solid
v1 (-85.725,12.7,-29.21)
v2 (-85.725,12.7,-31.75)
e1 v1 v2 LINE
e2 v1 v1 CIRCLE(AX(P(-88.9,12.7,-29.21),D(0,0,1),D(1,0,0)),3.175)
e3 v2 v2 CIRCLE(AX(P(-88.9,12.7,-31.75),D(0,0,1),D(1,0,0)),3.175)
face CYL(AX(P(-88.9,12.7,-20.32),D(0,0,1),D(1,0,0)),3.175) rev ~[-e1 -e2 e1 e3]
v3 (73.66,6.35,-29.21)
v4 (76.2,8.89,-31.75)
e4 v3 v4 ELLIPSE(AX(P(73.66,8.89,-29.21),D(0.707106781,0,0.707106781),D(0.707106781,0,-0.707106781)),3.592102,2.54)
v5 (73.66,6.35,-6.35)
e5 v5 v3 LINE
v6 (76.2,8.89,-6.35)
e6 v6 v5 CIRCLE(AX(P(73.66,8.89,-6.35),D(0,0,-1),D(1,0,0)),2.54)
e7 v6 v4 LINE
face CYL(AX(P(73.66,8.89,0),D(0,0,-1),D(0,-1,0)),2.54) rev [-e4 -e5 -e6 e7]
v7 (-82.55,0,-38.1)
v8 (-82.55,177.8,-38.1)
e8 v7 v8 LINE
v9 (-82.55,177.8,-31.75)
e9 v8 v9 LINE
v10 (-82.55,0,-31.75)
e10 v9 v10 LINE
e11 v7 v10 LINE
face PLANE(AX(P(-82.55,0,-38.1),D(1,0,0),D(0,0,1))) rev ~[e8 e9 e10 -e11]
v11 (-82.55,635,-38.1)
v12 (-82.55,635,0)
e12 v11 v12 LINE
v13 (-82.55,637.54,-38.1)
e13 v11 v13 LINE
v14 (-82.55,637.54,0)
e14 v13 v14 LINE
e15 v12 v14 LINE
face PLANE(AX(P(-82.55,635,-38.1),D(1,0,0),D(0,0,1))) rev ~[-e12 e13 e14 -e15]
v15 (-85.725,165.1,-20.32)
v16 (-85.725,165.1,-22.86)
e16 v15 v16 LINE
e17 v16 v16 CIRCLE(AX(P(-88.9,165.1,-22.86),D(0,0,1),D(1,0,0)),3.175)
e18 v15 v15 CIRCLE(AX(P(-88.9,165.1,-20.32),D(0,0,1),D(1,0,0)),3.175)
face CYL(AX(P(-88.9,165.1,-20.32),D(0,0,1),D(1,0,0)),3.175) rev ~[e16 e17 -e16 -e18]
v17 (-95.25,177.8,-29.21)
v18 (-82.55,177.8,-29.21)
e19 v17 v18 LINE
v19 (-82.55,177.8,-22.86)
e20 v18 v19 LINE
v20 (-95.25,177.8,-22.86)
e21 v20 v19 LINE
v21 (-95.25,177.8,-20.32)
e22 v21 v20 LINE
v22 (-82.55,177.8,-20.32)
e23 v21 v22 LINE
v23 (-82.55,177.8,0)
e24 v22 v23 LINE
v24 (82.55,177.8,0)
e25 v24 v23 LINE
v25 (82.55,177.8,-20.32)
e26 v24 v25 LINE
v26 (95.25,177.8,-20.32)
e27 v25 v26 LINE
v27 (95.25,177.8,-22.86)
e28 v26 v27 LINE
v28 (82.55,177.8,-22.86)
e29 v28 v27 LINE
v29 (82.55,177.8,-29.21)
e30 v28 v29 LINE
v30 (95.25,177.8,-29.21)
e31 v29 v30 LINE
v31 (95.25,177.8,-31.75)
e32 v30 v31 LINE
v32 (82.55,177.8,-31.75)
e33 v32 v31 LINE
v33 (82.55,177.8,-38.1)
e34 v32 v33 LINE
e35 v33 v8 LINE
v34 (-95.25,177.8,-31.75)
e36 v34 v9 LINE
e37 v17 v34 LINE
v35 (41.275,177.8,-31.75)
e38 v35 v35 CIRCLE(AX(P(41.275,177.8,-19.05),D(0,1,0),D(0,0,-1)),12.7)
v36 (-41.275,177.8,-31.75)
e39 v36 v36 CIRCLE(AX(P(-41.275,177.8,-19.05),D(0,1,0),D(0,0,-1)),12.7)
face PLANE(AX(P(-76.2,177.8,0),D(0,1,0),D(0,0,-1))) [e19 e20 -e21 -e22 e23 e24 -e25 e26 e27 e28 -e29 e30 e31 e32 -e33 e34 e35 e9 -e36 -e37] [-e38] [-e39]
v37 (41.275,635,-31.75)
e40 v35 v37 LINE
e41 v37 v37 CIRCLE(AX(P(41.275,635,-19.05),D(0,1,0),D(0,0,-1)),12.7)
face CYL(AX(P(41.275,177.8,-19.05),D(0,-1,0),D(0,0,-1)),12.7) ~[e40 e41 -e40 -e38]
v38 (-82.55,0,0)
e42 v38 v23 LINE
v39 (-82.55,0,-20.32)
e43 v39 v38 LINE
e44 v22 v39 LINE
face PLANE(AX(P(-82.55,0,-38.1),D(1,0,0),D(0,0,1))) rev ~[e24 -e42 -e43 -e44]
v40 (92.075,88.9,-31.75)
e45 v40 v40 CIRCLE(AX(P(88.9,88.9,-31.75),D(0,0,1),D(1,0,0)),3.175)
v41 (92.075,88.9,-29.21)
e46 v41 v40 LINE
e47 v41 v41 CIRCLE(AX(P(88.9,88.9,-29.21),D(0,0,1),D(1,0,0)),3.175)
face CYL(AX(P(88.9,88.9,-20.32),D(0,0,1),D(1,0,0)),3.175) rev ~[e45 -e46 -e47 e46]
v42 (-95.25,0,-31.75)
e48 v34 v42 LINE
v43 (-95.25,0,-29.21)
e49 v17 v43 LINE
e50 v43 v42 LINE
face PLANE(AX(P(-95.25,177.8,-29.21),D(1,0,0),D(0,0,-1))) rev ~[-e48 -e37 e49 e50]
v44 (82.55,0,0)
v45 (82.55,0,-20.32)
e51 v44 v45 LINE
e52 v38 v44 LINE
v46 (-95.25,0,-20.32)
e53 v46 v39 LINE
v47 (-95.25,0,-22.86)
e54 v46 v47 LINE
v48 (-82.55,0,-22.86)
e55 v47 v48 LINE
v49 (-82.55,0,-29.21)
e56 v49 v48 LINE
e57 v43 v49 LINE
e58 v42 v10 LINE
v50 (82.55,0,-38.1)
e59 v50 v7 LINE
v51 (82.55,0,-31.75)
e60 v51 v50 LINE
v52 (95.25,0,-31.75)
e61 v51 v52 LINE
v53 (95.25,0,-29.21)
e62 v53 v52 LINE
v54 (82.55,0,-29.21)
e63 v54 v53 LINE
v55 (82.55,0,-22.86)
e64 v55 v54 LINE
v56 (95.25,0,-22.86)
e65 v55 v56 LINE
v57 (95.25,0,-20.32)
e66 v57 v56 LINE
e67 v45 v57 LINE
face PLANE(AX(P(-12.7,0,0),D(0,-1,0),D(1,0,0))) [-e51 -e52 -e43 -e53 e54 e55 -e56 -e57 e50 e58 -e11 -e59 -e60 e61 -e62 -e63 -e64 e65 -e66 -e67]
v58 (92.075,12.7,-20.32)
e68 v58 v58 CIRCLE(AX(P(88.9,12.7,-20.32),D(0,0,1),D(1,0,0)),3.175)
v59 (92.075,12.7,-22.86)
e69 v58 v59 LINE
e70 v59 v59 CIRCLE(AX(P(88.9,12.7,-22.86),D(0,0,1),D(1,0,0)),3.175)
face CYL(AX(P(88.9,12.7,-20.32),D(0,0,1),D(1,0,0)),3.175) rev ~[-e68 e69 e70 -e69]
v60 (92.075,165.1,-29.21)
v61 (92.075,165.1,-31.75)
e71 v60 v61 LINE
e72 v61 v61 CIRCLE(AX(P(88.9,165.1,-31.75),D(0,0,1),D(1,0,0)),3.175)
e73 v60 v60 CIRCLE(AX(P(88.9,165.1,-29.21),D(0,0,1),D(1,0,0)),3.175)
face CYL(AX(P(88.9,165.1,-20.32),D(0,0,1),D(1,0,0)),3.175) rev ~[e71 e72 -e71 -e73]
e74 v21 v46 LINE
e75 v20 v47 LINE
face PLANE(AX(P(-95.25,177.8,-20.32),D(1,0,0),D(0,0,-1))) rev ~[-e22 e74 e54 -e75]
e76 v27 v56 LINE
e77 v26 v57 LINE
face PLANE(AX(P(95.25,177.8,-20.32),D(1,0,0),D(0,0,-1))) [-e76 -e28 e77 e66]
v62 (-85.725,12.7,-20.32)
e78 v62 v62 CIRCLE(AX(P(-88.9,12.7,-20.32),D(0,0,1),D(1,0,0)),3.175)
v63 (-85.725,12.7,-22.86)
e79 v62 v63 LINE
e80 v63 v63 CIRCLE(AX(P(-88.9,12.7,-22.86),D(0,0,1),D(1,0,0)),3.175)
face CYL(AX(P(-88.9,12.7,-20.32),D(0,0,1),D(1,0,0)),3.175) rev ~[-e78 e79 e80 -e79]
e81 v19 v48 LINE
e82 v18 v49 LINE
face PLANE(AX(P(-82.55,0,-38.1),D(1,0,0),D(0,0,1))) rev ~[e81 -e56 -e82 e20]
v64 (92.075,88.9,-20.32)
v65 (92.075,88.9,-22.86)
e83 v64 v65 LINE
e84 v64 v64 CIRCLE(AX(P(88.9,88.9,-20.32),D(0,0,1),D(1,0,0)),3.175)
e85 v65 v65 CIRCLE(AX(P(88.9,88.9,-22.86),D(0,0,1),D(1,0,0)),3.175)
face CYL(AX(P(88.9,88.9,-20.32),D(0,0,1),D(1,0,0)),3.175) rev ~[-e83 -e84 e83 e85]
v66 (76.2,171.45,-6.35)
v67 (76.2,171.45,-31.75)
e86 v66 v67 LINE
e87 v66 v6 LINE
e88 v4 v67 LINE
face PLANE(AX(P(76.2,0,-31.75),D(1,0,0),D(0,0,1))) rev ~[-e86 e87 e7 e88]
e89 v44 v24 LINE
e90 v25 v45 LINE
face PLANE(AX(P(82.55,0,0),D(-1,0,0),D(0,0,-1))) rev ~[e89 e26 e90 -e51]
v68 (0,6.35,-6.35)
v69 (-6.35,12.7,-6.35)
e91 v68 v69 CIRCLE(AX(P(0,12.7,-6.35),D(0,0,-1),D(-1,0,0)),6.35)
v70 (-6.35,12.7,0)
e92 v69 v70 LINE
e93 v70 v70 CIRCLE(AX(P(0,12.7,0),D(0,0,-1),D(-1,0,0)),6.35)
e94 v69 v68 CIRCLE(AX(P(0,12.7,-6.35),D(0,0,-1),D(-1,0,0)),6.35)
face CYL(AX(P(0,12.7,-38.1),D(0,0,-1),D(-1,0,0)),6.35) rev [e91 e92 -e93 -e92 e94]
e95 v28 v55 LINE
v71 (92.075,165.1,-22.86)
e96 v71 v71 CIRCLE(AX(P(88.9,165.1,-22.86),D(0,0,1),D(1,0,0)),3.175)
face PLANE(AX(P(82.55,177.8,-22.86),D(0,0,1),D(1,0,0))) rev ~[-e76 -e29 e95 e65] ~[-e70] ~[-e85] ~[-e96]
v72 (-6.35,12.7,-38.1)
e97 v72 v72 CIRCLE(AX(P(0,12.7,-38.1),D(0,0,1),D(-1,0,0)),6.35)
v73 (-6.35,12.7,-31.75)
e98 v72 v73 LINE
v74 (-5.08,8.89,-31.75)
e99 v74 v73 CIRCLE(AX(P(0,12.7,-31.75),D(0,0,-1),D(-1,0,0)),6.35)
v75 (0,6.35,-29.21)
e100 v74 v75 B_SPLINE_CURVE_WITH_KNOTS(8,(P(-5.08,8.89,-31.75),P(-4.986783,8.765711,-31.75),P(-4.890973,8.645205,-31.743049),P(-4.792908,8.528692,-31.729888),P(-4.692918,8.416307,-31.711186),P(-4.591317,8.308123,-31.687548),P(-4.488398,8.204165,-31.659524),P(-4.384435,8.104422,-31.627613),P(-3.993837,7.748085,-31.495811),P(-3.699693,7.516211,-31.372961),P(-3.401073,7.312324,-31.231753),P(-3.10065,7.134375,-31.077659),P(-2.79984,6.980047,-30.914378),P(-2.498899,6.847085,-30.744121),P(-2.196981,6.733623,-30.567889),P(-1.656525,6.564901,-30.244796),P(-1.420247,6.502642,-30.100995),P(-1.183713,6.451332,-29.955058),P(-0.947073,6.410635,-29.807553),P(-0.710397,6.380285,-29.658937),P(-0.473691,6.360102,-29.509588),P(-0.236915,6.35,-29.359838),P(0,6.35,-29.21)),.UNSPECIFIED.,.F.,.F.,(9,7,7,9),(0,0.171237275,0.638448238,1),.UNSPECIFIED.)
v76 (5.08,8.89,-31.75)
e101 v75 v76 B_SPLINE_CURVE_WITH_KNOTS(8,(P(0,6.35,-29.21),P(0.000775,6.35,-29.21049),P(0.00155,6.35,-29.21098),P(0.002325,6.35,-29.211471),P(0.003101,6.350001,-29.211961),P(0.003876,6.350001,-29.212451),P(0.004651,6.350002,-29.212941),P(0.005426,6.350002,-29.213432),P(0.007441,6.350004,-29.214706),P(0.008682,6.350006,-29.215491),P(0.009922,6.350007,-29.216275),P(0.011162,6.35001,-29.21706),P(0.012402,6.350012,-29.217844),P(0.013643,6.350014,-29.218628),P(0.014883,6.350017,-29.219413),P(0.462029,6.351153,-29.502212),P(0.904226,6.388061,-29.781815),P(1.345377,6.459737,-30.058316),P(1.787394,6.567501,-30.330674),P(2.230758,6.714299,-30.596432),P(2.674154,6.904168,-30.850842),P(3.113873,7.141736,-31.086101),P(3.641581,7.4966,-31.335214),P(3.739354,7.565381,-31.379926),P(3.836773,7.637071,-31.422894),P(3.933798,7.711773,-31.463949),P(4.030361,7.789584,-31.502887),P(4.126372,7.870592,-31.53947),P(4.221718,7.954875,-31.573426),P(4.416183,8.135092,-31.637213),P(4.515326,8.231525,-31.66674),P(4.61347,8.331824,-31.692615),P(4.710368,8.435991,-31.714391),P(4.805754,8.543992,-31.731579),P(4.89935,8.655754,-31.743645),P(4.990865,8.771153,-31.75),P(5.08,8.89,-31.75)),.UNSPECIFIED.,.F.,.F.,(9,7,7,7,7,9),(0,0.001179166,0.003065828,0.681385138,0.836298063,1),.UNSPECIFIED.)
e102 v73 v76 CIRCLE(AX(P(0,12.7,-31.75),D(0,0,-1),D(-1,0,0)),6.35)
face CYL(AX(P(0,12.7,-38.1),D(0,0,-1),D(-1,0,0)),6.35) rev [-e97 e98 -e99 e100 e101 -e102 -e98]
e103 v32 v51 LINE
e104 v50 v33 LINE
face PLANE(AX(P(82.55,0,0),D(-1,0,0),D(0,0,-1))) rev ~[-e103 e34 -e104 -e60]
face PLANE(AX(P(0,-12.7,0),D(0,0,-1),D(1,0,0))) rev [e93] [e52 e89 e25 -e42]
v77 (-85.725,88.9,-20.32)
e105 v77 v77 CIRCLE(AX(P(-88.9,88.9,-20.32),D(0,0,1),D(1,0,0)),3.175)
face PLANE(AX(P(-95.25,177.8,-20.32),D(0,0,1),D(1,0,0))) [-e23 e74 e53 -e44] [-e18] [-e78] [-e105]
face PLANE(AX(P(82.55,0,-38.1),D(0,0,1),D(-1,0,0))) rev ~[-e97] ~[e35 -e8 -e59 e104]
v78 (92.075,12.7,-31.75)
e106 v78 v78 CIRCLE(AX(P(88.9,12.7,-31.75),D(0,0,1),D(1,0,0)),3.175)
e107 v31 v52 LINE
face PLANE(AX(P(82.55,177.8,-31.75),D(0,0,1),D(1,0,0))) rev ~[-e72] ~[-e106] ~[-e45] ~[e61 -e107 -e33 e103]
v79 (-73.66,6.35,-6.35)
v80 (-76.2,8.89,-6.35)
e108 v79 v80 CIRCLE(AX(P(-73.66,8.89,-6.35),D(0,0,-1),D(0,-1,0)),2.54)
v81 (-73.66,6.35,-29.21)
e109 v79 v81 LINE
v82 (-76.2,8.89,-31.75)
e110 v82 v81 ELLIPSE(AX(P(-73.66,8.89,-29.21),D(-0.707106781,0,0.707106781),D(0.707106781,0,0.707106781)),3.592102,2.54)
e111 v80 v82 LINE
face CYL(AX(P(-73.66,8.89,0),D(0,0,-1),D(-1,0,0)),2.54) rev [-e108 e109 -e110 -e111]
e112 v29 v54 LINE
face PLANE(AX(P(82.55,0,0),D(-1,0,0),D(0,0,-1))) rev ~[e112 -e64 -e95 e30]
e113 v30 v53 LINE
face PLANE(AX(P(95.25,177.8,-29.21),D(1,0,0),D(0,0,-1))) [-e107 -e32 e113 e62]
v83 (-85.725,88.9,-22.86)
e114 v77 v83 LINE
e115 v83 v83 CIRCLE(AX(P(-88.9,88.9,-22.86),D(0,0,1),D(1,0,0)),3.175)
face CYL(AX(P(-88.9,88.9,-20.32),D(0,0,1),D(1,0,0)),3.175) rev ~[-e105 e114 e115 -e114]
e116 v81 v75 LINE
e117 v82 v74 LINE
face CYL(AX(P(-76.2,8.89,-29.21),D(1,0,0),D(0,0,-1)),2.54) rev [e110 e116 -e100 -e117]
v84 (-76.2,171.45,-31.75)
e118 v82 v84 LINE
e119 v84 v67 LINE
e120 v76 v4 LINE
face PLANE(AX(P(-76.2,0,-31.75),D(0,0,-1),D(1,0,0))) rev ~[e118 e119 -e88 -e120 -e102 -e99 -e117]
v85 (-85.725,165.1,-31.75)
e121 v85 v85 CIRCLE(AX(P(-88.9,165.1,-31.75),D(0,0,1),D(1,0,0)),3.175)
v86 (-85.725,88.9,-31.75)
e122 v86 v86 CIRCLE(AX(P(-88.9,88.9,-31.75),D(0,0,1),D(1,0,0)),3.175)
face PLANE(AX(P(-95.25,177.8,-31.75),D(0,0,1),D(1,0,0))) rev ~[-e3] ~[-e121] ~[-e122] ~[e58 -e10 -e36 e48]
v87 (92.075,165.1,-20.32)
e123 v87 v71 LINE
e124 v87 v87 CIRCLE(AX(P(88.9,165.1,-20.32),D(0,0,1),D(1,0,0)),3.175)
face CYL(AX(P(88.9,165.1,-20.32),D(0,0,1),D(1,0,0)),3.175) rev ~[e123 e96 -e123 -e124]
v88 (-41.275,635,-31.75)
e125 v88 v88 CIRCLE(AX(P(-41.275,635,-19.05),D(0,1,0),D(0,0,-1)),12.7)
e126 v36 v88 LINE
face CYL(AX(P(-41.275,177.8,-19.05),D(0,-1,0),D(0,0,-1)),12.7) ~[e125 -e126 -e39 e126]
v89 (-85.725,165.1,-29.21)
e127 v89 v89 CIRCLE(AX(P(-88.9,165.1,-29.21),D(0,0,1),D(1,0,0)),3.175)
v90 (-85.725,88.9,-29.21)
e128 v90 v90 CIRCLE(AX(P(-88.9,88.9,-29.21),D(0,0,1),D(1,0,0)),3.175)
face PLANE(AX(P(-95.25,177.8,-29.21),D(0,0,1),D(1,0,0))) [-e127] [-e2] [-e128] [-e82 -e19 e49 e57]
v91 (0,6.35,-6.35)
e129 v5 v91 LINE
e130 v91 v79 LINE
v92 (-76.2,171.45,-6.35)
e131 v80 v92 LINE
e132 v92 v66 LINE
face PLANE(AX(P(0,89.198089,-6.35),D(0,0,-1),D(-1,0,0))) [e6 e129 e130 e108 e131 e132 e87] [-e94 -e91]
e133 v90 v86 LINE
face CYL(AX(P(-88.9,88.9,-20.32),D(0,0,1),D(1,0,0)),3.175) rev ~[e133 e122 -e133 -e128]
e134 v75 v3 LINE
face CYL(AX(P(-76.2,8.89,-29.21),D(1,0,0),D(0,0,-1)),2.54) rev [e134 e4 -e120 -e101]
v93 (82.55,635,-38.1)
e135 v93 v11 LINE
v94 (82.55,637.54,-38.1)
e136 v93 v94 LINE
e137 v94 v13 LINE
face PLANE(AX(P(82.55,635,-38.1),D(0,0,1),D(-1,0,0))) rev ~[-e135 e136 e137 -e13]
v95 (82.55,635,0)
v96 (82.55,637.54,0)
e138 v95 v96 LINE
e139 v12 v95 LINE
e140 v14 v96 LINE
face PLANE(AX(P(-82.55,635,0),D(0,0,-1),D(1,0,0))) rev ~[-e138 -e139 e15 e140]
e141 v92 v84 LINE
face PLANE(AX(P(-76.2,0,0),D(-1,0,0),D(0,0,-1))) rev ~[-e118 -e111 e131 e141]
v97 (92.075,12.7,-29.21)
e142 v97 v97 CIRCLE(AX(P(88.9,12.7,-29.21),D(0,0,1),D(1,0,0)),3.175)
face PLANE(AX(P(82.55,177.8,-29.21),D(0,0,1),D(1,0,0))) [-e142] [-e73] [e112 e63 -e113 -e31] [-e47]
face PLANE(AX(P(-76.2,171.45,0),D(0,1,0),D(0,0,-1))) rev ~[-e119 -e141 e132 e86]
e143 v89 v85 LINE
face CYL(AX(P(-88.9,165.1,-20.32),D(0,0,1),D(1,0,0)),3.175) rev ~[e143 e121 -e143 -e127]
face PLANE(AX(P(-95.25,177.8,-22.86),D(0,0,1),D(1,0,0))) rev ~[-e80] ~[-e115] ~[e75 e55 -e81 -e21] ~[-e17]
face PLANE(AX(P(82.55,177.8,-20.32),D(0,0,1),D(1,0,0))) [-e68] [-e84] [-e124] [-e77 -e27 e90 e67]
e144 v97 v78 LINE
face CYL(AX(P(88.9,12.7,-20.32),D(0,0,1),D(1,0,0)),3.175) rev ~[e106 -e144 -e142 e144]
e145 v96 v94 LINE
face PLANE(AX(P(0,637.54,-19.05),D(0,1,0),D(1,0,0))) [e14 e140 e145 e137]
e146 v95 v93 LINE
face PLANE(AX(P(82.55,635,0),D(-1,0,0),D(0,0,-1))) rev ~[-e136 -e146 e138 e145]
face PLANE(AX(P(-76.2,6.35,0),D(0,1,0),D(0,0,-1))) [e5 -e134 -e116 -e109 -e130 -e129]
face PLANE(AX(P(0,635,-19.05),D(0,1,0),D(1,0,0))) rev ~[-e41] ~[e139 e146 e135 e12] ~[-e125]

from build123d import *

# Parameters (mm, degrees)
BOSS_EXTRUDE1_DEPTH = 177.8
SKETCH2_W           = 12.7
SKETCH2_H           = 2.54
BOSS_EXTRUDE2_DEPTH = 177.8
SKETCH3_R           = 3.175
CUT_EXTRUDE1_DEPTH  = 203.727168628
SKETCH4_W           = 31.75
SKETCH4_H           = 6.35
BOSS_EXTRUDE3_DEPTH = 152.4
FILLET1_R           = 2.54
BOSS_EXTRUDE4_REACH = 251.919
SKETCH5_W           = 31.75
SKETCH5_H           = 6.35
BOSS_EXTRUDE5_DEPTH = 6.35
SKETCH7_W           = 25.4
SKETCH7_H           = 6.35
BOSS_EXTRUDE6_DEPTH = 12.7
SKETCH8_W           = 12.7
SKETCH8_H           = 6.35
REVOLVE1_ANGLE      = 180
SKETCH10_R          = 6.35
CUT_EXTRUDE2_DEPTH  = 206.273019416
SKETCH11_R          = 12.7
BOSS_EXTRUDE7_DEPTH = 457.2
BOSS_EXTRUDE8_DEPTH = 2.54
CUT_EXTRUDE3_DEPTH  = 646.740988406


with BuildPart() as part:
    # Sketch1 → Boss-Extrude1 (new body)
    with BuildSketch(Plane(origin=(0, 0, 0), x_dir=(1, 0, 0), z_dir=(0, 1, 0))):
        Polygon((76.2, 0), (82.55, 0), (82.55, 38.1), (-82.55, 38.1), (-82.55, 0), (-76.2, 0), (-76.2, 31.75), (76.2, 31.75), align=None)
    extrude(amount=BOSS_EXTRUDE1_DEPTH)

    # Sketch2 → Boss-Extrude2 (add)
    with BuildSketch(Plane(origin=(0, 177.8, 0), x_dir=(1, 0, 0), z_dir=(0, 1, 0))):
        with Locations((88.9, 30.48)):
            Rectangle(SKETCH2_W, SKETCH2_H)
        with Locations((88.9, 21.59)):
            Rectangle(SKETCH2_W, SKETCH2_H)
        with Locations((-88.9, 21.59)):
            Rectangle(SKETCH2_W, SKETCH2_H)
        with Locations((-88.9, 30.48)):
            Rectangle(SKETCH2_W, SKETCH2_H)
    extrude(amount=-BOSS_EXTRUDE2_DEPTH)

    # Sketch3 → Cut-Extrude1 (cut, through all)
    with BuildSketch(Plane.XY.offset(-20.32)):
        with Locations((88.9, 12.7)):
            Circle(SKETCH3_R)
        with Locations((88.9, 88.9)):
            Circle(SKETCH3_R)
        with Locations((88.9, 165.1)):
            Circle(SKETCH3_R)
        with Locations((-88.9, 12.7)):
            Circle(SKETCH3_R)
        with Locations((-88.9, 165.1)):
            Circle(SKETCH3_R)
        with Locations((-88.9, 88.9)):
            Circle(SKETCH3_R)
    extrude(amount=-CUT_EXTRUDE1_DEPTH, mode=Mode.SUBTRACT)

    # Sketch4 → Boss-Extrude3 (add)
    with BuildSketch(Plane(origin=(-76.2, 0, 0), x_dir=(0, 0, -1), z_dir=(1, 0, 0))):
        with Locations((15.875, 3.175)):
            Rectangle(SKETCH4_W, SKETCH4_H)
    extrude(amount=BOSS_EXTRUDE3_DEPTH)

    # Fillet1
    fillet1_edges = [part.edges().sort_by_distance(p)[0] for p in [
        (76.2, 6.35, -15.875),
        (0, 6.35, -31.75),
        (-76.2, 6.35, -15.875),
    ]]
    fillet(fillet1_edges, radius=FILLET1_R)

    # Sketch5 → Boss-Extrude4 (add, up to next)
    with BuildSketch(Plane(origin=(-76.2, 0, 0), x_dir=(0, 0, -1), z_dir=(1, 0, 0)), mode=Mode.PRIVATE) as boss_extrude4_sk1:
        with Locations((15.875, 174.625)):
            Rectangle(SKETCH5_W, SKETCH5_H)
    boss_extrude4_tool1 = extrude(boss_extrude4_sk1.sketch, amount=BOSS_EXTRUDE4_REACH, mode=Mode.PRIVATE) - part.part
    add(boss_extrude4_tool1.solids().sort_by_distance((-76.2, 174.625, -15.875))[0])

    # Sketch6 → Boss-Extrude5 (add)
    with BuildSketch(Plane.XY):
        with BuildLine():
            Line((76.2, 171.45), (76.2, 8.89))
            ThreePointArc((76.2, 8.89), (75.456051224, 7.093948776), (73.66, 6.35))
            Line((73.66, 6.35), (-73.66, 6.35))
            ThreePointArc((-73.66, 6.35), (-75.456051224, 7.093948776), (-76.2, 8.89))
            Line((-76.2, 8.89), (-76.2, 171.45))
            Line((-76.2, 171.45), (76.2, 171.45))
        make_face()
    extrude(amount=-BOSS_EXTRUDE5_DEPTH)

    # Sketch7 → Boss-Extrude6 (add)
    with BuildSketch(Plane.XZ):
        with Locations((0, -3.175)):
            Rectangle(SKETCH7_W, SKETCH7_H)
        with Locations((0, -34.925)):
            Rectangle(SKETCH7_W, SKETCH7_H)
    extrude(amount=BOSS_EXTRUDE6_DEPTH)

    # Sketch8 → Revolve1 (revolve)
    with BuildSketch(Plane.XZ.offset(12.7)):
        with Locations((6.35, -3.175)):
            Rectangle(SKETCH8_W, SKETCH8_H)
        with Locations((6.35, -34.925)):
            Rectangle(SKETCH8_W, SKETCH8_H)
    revolve(axis=Axis((0, -12.7, 0), (0, 0, -1)), revolution_arc=REVOLVE1_ANGLE)

    # Sketch10 → Cut-Extrude2 (cut, through all)
    with BuildSketch(Plane(origin=(0, 0, -38.1), x_dir=(-1, 0, 0), z_dir=(0, 0, -1))):
        with Locations((0, -12.7)):
            Circle(SKETCH10_R)
    cut_extrude2 = extrude(amount=-CUT_EXTRUDE2_DEPTH, mode=Mode.SUBTRACT)

    # Sketch11 → Boss-Extrude7 (add)
    with BuildSketch(Plane(origin=(0, 177.8, 0), x_dir=(1, 0, 0), z_dir=(0, 1, 0))):
        with Locations(Location((-41.275, 19.05, 0), (0, 0, 90))):
            Circle(SKETCH11_R)
        with Locations(Location((41.275, 19.05, 0), (0, 0, 90))):
            Circle(SKETCH11_R)
    extrude(amount=BOSS_EXTRUDE7_DEPTH)

    # Sketch12 → Boss-Extrude8 (add)
    with BuildSketch(Plane(origin=(0, 635, 0), x_dir=(1, 0, 0), z_dir=(0, 1, 0))):
        Polygon((82.55, 0), (82.55, 20.32), (82.55, 22.86), (82.55, 29.21), (82.55, 31.75), (82.55, 38.1), (-82.55, 38.1), (-82.55, 31.75), (-82.55, 29.21), (-82.55, 22.86), (-82.55, 20.32), (-82.55, 0), align=None)
    extrude(amount=BOSS_EXTRUDE8_DEPTH)

    # Mirror1: Cut-Extrude2 across plane
    add(cut_extrude2.mirror(Plane.ZX), mode=Mode.SUBTRACT)

    # Sketch13 → Cut-Extrude3 (cut, through all)
    with BuildSketch(Plane.XY):
        with BuildLine():
            Line((-12.7, 0), (12.7, 0))
            Line((12.7, 0), (12.7, -12.7))
            ThreePointArc((12.7, -12.7), (0, -25.4), (-12.7, -12.7))
            Line((-12.7, -12.7), (-12.7, 0))
        make_face()
    extrude(amount=-CUT_EXTRUDE3_DEPTH, mode=Mode.SUBTRACT)


solid = part.part
